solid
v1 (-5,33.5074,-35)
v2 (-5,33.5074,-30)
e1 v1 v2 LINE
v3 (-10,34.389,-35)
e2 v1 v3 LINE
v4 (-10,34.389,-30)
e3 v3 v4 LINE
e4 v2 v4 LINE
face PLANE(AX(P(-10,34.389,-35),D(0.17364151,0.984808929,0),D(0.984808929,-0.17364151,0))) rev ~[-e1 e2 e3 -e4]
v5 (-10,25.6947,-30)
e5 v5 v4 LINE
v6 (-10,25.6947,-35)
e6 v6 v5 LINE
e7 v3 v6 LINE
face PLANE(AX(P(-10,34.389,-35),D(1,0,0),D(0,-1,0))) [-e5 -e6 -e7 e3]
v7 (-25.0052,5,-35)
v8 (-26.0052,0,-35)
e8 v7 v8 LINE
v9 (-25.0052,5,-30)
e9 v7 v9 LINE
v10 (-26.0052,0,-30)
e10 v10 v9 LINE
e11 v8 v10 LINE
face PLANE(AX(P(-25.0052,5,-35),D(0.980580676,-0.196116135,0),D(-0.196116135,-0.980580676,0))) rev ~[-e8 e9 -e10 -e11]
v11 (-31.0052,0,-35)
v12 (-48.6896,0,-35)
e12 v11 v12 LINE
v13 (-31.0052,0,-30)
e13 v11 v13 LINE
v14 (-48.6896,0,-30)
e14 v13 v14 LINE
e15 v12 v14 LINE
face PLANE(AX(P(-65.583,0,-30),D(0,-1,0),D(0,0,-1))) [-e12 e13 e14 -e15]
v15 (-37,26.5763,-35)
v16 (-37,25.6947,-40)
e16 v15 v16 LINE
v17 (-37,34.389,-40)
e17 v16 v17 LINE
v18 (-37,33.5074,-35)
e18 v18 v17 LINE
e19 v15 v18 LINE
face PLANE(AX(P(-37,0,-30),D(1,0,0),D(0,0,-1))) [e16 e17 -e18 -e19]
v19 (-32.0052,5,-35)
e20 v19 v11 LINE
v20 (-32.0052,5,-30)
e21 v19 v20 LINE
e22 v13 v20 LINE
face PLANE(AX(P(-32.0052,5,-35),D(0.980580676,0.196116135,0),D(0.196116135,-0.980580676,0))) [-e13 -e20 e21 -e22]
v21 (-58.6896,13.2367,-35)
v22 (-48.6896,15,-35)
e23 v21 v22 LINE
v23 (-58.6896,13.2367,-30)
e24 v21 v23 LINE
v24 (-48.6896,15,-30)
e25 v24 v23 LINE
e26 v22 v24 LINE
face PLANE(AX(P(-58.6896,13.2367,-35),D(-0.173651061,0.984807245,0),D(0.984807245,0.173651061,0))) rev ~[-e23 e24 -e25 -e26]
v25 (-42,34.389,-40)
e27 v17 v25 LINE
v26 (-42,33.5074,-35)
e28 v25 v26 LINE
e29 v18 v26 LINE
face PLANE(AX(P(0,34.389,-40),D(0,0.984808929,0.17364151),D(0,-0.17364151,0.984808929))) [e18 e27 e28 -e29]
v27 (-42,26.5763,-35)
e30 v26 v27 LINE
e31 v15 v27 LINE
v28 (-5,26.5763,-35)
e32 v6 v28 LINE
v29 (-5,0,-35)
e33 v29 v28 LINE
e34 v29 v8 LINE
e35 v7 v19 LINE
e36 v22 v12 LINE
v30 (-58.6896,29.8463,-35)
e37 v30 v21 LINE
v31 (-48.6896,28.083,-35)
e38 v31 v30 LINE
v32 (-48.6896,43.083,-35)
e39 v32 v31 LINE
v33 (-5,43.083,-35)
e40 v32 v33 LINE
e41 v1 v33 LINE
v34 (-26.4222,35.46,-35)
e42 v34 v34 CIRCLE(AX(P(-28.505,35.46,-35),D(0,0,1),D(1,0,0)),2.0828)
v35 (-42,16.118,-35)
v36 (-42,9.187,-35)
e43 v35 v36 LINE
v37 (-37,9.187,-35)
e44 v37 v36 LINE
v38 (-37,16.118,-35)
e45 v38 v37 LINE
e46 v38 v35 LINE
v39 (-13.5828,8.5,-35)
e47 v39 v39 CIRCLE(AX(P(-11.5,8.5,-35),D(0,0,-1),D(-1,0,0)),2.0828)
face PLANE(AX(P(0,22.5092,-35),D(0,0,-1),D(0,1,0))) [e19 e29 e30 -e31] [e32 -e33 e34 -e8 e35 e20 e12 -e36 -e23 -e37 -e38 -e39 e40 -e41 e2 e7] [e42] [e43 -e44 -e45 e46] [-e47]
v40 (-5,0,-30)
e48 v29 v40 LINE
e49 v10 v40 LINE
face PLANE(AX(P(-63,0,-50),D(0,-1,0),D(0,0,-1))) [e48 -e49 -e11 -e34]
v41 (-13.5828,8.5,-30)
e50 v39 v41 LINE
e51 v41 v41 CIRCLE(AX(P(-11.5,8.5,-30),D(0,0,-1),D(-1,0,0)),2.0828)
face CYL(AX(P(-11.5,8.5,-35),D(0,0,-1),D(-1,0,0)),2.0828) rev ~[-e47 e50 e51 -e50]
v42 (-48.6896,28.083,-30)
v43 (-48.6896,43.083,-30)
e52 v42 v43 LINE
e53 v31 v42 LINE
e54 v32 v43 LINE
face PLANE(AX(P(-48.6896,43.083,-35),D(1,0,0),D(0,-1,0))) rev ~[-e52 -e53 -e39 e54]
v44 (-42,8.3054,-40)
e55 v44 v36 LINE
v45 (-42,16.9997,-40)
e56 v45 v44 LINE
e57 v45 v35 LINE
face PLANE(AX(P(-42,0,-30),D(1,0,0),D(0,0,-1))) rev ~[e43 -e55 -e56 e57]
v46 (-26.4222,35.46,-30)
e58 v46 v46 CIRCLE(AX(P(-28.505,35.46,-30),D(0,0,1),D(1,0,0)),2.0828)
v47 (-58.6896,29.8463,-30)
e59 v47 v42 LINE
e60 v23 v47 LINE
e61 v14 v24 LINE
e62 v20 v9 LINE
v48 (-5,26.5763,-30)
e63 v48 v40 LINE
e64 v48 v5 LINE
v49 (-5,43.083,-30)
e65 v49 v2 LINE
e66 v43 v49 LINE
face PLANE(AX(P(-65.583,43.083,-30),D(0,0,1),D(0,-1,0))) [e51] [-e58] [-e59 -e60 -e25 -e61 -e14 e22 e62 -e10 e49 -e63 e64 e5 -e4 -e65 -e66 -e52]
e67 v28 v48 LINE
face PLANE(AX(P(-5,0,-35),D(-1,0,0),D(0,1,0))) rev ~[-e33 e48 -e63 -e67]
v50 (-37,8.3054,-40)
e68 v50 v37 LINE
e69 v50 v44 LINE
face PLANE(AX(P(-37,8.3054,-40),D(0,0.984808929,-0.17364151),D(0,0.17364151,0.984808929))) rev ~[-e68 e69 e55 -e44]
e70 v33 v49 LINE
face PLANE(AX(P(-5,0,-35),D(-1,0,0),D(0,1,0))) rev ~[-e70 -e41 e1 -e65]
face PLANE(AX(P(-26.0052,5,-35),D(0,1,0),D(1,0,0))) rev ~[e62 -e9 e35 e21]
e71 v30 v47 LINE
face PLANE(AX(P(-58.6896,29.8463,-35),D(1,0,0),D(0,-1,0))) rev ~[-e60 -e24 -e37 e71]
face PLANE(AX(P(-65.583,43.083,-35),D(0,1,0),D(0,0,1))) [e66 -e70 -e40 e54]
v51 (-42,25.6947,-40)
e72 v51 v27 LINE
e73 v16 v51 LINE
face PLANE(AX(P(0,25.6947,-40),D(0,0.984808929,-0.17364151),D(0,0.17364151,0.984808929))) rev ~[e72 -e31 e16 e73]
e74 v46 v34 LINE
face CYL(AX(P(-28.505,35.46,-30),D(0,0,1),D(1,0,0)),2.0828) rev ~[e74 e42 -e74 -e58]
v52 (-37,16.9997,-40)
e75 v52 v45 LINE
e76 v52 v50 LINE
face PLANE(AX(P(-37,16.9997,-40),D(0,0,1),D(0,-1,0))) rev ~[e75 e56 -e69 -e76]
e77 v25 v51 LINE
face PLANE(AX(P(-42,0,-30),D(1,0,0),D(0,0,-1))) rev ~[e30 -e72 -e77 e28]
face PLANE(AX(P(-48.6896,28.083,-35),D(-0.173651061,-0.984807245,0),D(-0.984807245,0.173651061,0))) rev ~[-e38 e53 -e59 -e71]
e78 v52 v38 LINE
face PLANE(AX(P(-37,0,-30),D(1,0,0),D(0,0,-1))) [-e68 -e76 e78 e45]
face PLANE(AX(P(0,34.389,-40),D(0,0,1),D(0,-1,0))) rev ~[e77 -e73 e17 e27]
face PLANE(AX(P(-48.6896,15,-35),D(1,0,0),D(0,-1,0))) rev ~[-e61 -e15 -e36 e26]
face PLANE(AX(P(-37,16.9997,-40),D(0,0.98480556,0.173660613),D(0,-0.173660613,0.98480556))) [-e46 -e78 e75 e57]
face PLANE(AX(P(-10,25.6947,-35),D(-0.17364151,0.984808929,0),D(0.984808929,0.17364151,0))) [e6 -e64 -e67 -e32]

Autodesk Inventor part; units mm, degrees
ref_plane "YZ Plane" through (0, 0, 0) normal (1, 0, 0) x (0, 1, 0)
ref_plane "XZ Plane" through (0, 0, 0) normal (0, 1, 0) x (-1, 0, 0)
ref_plane "XY Plane" through (0, 0, 0) normal (0, 0, 1) x (1, 0, 0)
sketch "Sketch1" plane through (0, 0, 0) normal (0, 1, 0) x (-1, 0, 0)
  line L0 (0, 0) -> (0, -35)
  line L1 (0, -35) -> (37, -35)
  line L2 (37, -35) -> (37, -55)
  line L3 (37, -55) -> (48, -55)
  line L4 (48, -55) -> (48, 0)
  line L5 (48, 0) -> (22, 0)
  line L6 (22, 0) -> (22, 0)
  line L7 (22, 0) -> (0, 0)
  dimension "d0" = 35
  dimension "d1" = 37
  dimension "d2" = 20
  dimension "d3" = 11
  dimension "d4" = 55
  dimension "d5" = 26
  dimension "d6" = 0
extrude "Extrusion1" add sketch "Sketch1" along normal blind 50
shell "Shell1" thickness 5 removed faces 3 at (-48, 16.6667, -36.6667) at (-19.6667, 0, -23.3333) at (-19.6667, 50, -23.3333)
sketch "Sketch2" plane through (0, 0, 0) normal (1, 0, 0) x (0, 0, -1)
  line L0 (5, 0) -> (30, 0) projected
  line L1 (5, 0) -> (19, 0)
  line L2 (19, 0) -> (19, 17)
  line L3 (19, 17) -> (5, 17)
  line L4 (5, 17) -> (5, 0)
  point P0 (0, 0)
  dimension "d10" = 17
  dimension "d11" = 0
  dimension "d12" = 11
extrude "Extrusion2" cut sketch "Sketch2" against normal blind 10
sketch "Sketch3" plane through (-48, 0, -55) normal (-1, 0, 0) x (0, 0, 1)
  line L0 (0, 0) -> (0, 50) projected
  line L1 (5, 50) -> (25, 50) projected
  line L2 (0, 0) -> (5, 0)
  line L3 (5, 0) -> (5, 50)
  line L4 (5, 50) -> (0, 50)
  line L5 (0, 50) -> (0, 0)
  point P0 (55, 0)
extrude "Extrusion3" add sketch "Sketch3" along normal blind 15
sketch "Sketch4" plane through (-48, 0, 0) normal (-1, 0, 0) x (0, 0, 1)
  line L0 (-5, 0) -> (0, 0) projected
  line L1 (-5, 0) -> (-5, 50) projected
  line L2 (0, 0) -> (-5, 0)
  line L3 (-5, 0) -> (-5, 50)
  line L4 (-5, 50) -> (0, 50)
  line L5 (0, 50) -> (0, 0)
  point P0 (0, 0)
extrude "Extrusion4" add sketch "Sketch4" along normal blind 15
sketch "Sketch5" plane through (0, 17, -5) normal (0, 0, -1) x (-1, 0, 0)
  circle A0 centre (11.5, -8.5) radius 2.0828
  line L0 (63, -17) -> (0, -17) projected
  line L1 (0, -17) -> (0, 0) projected
  dimension "d19" = 4.1656
  dimension "d20" = 8.5
  dimension "d21" = 11.5
extrude "Extrusion5" cut sketch "Sketch5" against normal blind 15
sketch "Sketch6" plane through (0, 17, -5) normal (0, 0, -1) x (-1, 0, 0)
  circle A0 centre (28.505, 18.46) radius 2.0828
  line L0 (63, -17) -> (0, -17) projected
  line L1 (5, 0) -> (5, 33) projected
  dimension "d24" = 4.1656
  dimension "d25" = 35.46
  dimension "d26" = 23.505
extrude "Extrusion6" cut sketch "Sketch6" against normal blind 15
sketch "Sketch7" plane through (0, 17, -5) normal (0, 0, -1) x (-1, 0, 0)
  circle A0 centre (58.5, 19) radius 2.0828
  line L0 (63, 33) -> (63, -17) projected
  line L1 (5, 33) -> (63, 33) projected
  point P0 (0, -17)
  dimension "d29" = 4.1656
  dimension "d30" = 4.5
  dimension "d31" = 14
extrude "Extrusion7" cut sketch "Sketch7" against normal blind 15
sketch "Sketch13" plane through (0, 0, -35) normal (0, 0, -1) x (-1, 0, 0)
  circle A0 centre (11.5, 8.5) radius 2.0828
  line L0 (0, 0) -> (37, 0) projected
  line L1 (0, 0) -> (0, 50) projected
  dimension "d41" = 4.1656
  dimension "d42" = 8.5
  dimension "d43" = 11.5
extrude "Extrusion9" cut sketch "Sketch13" against normal blind 15
sketch "Sketch14" plane through (-37, 0, -55) normal (0, 0, -1) x (-1, 0, 0)
  circle A0 centre (-8.495, 35.46) radius 2.0828
  line L0 (-37, 0) -> (-37, 50) projected
  line L1 (0, 0) -> (26, 0) projected
  dimension "d46" = 4.1656
  dimension "d47" = 28.505
  dimension "d48" = 35.46
extrude "Extrusion10" cut sketch "Sketch14" against normal blind 15
sketch "Sketch15" plane through (-37, 0, -55) normal (0, 0, -1) x (-1, 0, 0)
  circle A0 centre (21.5, 36) radius 2.0828
  line L0 (0, 0) -> (26, 0) projected
  line L1 (26, 50) -> (26, 0) projected
  point P0 (-37, 0)
  dimension "d51" = 4.1656
  dimension "d52" = 36
  dimension "d53" = 4.5
extrude "Extrusion11" cut sketch "Sketch15" against normal blind 15
sketch "Sketch16" plane through (-42, 0, -30) normal (-1, 0, 0) x (0, 0, 1)
  line L0 (0, 0) -> (-5, 0)
  line L1 (-5, 0) -> (-5, 50)
  line L2 (-5, 50) -> (0, 50)
  line L3 (0, 50) -> (0, 0)
  point P0 (30, 0)
  dimension "d56" = 5
  dimension "d57" = 50
extrude "Extrusion12" add sketch "Sketch16" along normal blind 21
sketch "Sketch17" plane through (-5, 0, -30) normal (0, 0, 1) x (1, 0, 0)
  circle A0 centre (-23.505, 35.46) radius 2.0828
  line L0 (0, 0) -> (0, 50) projected
  line L1 (0, 0) -> (-58, 0) projected
  point P0 (5, 0)
  dimension "d60" = 4.1656
  dimension "d61" = 23.505
  dimension "d62" = 35.46
extrude "Extrusion13" cut sketch "Sketch17" against normal blind 10
sketch "Sketch18" plane through (-42, 0, -35) normal (0, 0, -1) x (-1, 0, 0)
  circle A0 centre (16.5, 36) radius 2.0828
  line L0 (21, 50) -> (21, 0) projected
  line L1 (0, 0) -> (21, 0) projected
  point P0 (-42, 0)
  dimension "d65" = 4.1656
  dimension "d67" = 36
  dimension "d70" = 4.5
extrude "Extrusion14" cut sketch "Sketch18" against normal blind 10
sketch "Sketch20" plane through (-63, 0, 0) normal (-1, 0, 0) x (0, 0, 1)
  line L0 (0, 0) -> (-5, 0) projected
  line L1 (-5, 17) -> (-5, 50) projected
  line L2 (0, 0) -> (-5, 0)
  line L3 (-5, 0) -> (-5, 50)
  line L4 (-5, 50) -> (0, 50)
  line L5 (0, 50) -> (0, 0)
extrude "Extrusion15" add sketch "Sketch20" along normal blind 2.583
sketch "Sketch21" plane through (-63, 0, -30) normal (-1, 0, 0) x (0, 0, 1)
  line L0 (-20, 50) -> (-5, 50) projected
  line L1 (11, 0) -> (0, 0) projected
  line L2 (-5, 50) -> (0, 50)
  line L3 (0, 50) -> (0, 0)
  line L4 (0, 0) -> (-5, 0)
  line L5 (-5, 0) -> (-5, 50)
  point P0 (30, 0)
extrude "Extrusion16" add sketch "Sketch21" along normal blind 2.583
sketch "Sketch22" plane through (-63, 0, -55) normal (-1, 0, 0) x (0, 0, 1)
  line L0 (0, 0) -> (0, 50) projected
  line L1 (5, 0) -> (5, 50) projected
  line L2 (0, 50) -> (5, 50)
  line L3 (5, 50) -> (5, 0)
  line L4 (5, 0) -> (0, 0)
  line L5 (0, 0) -> (0, 50)
  point P0 (55, 0)
extrude "Extrusion17" add sketch "Sketch22" along normal blind 2.583
sketch "Sketch23" plane through (0, 0, 0) normal (0, 0, 1) x (1, 0, 0)
  line L0 (0, 50) -> (-37, 50) projected
  line L1 (-65.583, 50) -> (-65.583, 0) projected
  line L2 (0, 50) -> (-65.583, 50)
  line L3 (-65.583, 50) -> (-65.583, 43.083)
  line L4 (-65.583, 43.083) -> (0, 43.083)
  line L5 (0, 43.083) -> (0, 50)
  point P0 (0, 0)
  dimension "d77" = 6.917
extrude "Extrusion18" cut sketch "Sketch23" against normal blind 100
sketch "Sketch24" plane through (0, 0, -35) normal (0, 0, -1) x (-1, 0, 0)
  line L0 (0, 0) -> (65.583, 0) projected
  line L1 (31.0052, 0) -> (26.0052, 0)
  line L2 (26.0052, 5) -> (31.0052, 5)
  circle A0 centre (28.505, 35.46) radius 2.0828 projected
  line L3 (26.0052, 5) -> (25.0052, 5)
  line L4 (25.0052, 5) -> (26.0052, 0)
  line L5 (31.0052, 5) -> (32.0052, 5)
  line L6 (32.0052, 5) -> (31.0052, 0)
  dimension "d80" = 5
  dimension "d81" = 5
  dimension "d83" = 1
  dimension "d84" = 1
extrude "Extrusion19" cut sketch "Sketch24" against normal blind 100 contours L4 L3 L2 L5 L6 L0
sketch "Sketch25" plane through (-65.583, 0, -55) normal (-1, 0, 0) x (0, 0, 1)
  line L0 (20, 0) -> (0, 0) projected
  line L1 (0, 43.083) -> (20, 43.083) projected
  line L2 (0, 0) -> (5, 0)
  line L3 (5, 0) -> (5, 43.083)
  line L4 (5, 43.083) -> (0, 43.083)
  line L5 (0, 43.083) -> (0, 0)
  point P0 (55, 0)
  dimension "d87" = 5
extrude "Extrusion20" add sketch "Sketch25" along normal blind 22.5
sketch "Sketch28" plane through (-65.583, 0, -30) normal (-1, 0, 0) x (0, 0, 1)
  line L0 (0, 0) -> (-5, 0) projected
  line L1 (-5, 0) -> (-5, 43.083) projected
  line L2 (0, 0) -> (-5, 0)
  line L3 (-5, 0) -> (-5, 43.083)
  line L4 (-5, 43.083) -> (0, 43.083)
  line L5 (0, 43.083) -> (0, 0)
  point P0 (30, 0)
extrude "Extrusion23" add sketch "Sketch28" along normal blind 22.5
sketch "Sketch26" plane through (-37, 0, -55) normal (0, 0, -1) x (-1, 0, 0)
  circle A0 centre (45.232, 36.922) radius 2.0828
  line L0 (51.083, 43.083) -> (51.083, 0) projected
  line L1 (51.083, 43.083) -> (0, 43.083) projected
  point P0 (-37, 0)
  dimension "d90" = 4.1656
  dimension "d91" = 5.851
  dimension "d92" = 6.161
extrude "Extrusion21" cut sketch "Sketch26" against normal blind 25
sketch "Sketch27" plane through (-37, 0, -55) normal (0, 0, -1) x (-1, 0, 0)
  circle A0 centre (48.381, 15.906) radius 2.0828
  line L0 (51.083, 43.083) -> (51.083, 0) projected
  line L1 (0, 0) -> (51.083, 0) projected
  point P0 (-37, 0)
  dimension "d95" = 4.1656
  dimension "d96" = 2.702
  dimension "d97" = 15.906
extrude "Extrusion22" cut sketch "Sketch27" against normal blind 25
sketch "Sketch29" plane through (-42, 0, -35) normal (0, 0, -1) x (-1, 0, 0)
  circle A0 centre (43.381, 15.906) radius 2.0828 projected
  arc A1 (46.083, 19.6075) -> (46.083, 12.2045) centre (43.381, 15.906) ccw
  line L0 (46.083, 43.083) -> (46.083, 0) projected
  line L1 (46.083, 19.6075) -> (46.083, 12.2045)
  point P0 (-42, 0)
  dimension "d102" = 2.5
extrude "Extrusion24" add sketch "Sketch29" along normal up to next
sketch "Sketch30" plane through (-88.083, 0, -55) normal (-1, 0, 0) x (0, 0, 1)
  line L0 (9, 19.6075) -> (21, 19.6075)
  line L1 (21, 19.6075) -> (21, 5)
  line L2 (21, 5) -> (9, 5)
  line L3 (9, 5) -> (9, 19.6075)
  line L4 (0, 43.083) -> (0, 0) projected
  line L5 (25, 0) -> (25, 43.083) projected
  line L6 (0, 0) -> (5, 0) projected
  line L7 (20, 19.6075) -> (5, 19.6075) projected
  point P0 (55, 0)
  dimension "d105" = 9
  dimension "d106" = 4
  dimension "d107" = 5
  dimension "d108" = 0
extrude "Extrusion25" add sketch "Sketch30" along normal blind 30
sketch "Sketch31" plane through (-88.083, 5, -34) normal (0, 0, 1) x (1, 0, 0)
  circle A0 centre (-23.917, 4) radius 2.0828
  line L0 (-30, 0) -> (-30, 14.6075) projected
  line L1 (0, 0) -> (-30, 0) projected
  point P0 (88.083, -5)
  dimension "d111" = 4.1656
  dimension "d112" = 6.083
  dimension "d113" = 4
extrude "Extrusion26" cut sketch "Sketch31" against normal blind 30
sketch "Sketch33" plane through (-88.083, 5, -34) normal (0, 0, 1) x (1, 0, 0)
  circle A0 centre (-23.917, 4) radius 2.0828 projected
  arc A1 (-25.0228, 9.9816) -> (-30, 4) centre (-23.917, 4) ccw
  line L0 (-30, 14.6075) -> (-30, 0) projected
  line L1 (-30, 0) -> (-30, 14.6075) projected
  line L2 (0, 14.6075) -> (-30, 14.6075) projected
  line L3 (-30, 4) -> (-30, 14.6075)
  line L4 (0, 14.6075) -> (-30, 14.6075) projected
  line L5 (-30, 14.6075) -> (0, 14.6075)
  line L6 (0, 14.6075) -> (-25.0228, 9.9816)
  point P0 (88.083, -5)
extrude "Extrusion27" cut sketch "Sketch33" against normal blind 30 contours A1 L0 L2 L6
sketch "Sketch34" plane through (-118.083, 5, -34) normal (0, 0, 1) x (1, 0, 0)
  circle A0 centre (6.083, 4) radius 2.0828 projected
  line L0 (0, 0) -> (0, 4) projected
  arc A1 (0, 4) -> (1.5001, 0) centre (6.083, 4) ccw
  line L1 (30, 0) -> (0, 0) projected
  line L2 (1.5001, 0) -> (0, 0)
  arc A2 (4.9772, 9.9816) -> (0, 4) centre (6.083, 4) ccw projected
  line L3 (0, 0) -> (0, 4)
  point P0 (118.083, -5)
extrude "Extrusion28" cut sketch "Sketch34" against normal blind 30 contours L0 A1 L1
sketch "Sketch35" plane through (-88.083, 5, -46) normal (0, -1, 0) x (1, 0, 0)
  line L0 (0, 12) -> (0, 11) projected
  line L1 (0, 0) -> (-28.4999, 0) projected
  line L2 (0, 11) -> (0, 0)
  line L3 (0, 0) -> (7.2848, 11)
  line L4 (7.2848, 11) -> (7.2848, -4) projected
  line L5 (0, 11) -> (7.2848, 11)
  line L6 (46.083, 11) -> (0, 11) projected
  point P0 (88.083, 46)
extrude "Extrusion29" add sketch "Sketch35" against normal up to next
sketch "Sketch36" plane through (0, 0, 0) normal (1, 0, 0) x (0, 0, -1)
  line L0 (30, 43.083) -> (35, 43.083) projected
  line L1 (0, 0) -> (5, 0) projected
  line L2 (30, 43.083) -> (0, 43.083)
  line L3 (0, 43.083) -> (0, 0)
  line L4 (0, 0) -> (30, 0)
  line L5 (30, 0) -> (30, 43.083)
extrude "Extrusion30" cut sketch "Sketch36" against normal through all
sketch "Sketch37" plane through (0, 43.083, -35) normal (0, 0, -1) x (-1, 0, 0)
  line L0 (10, -8.694) -> (10, -17.3883)
  line L1 (10, -17.3883) -> (5, -16.5067)
  line L2 (10, -8.694) -> (5, -9.5756)
  line L3 (10, -8.694) -> (15.0771, -8.694) construction
  line L4 (5, -9.5756) -> (5, -16.5067)
  line L5 (0, -43.083) -> (0, 0) projected
  line L6 (0, -43.083) -> (26.0052, -43.083) projected
  dimension "d124" = 8.6943
  dimension "d125" = 80
  dimension "d126" = 170
  dimension "d127" = 5
  dimension "d130" = 5
  dimension "d131" = 34.389
extrude "Extrusion31" cut sketch "Sketch37" against normal blind 10
sketch "Sketch38" plane through (-37, 0, -35) normal (1, 0, 0) x (0, 0, -1)
  line L0 (20, 43.083) -> (20, 0) projected
  line L1 (0, 0) -> (20, 0)
  line L2 (20, 0) -> (20, 43.083)
  line L3 (20, 43.083) -> (0, 43.083)
  line L4 (0, 43.083) -> (0, 0)
  point P0 (-35, 0)
extrude "Extrusion32" cut sketch "Sketch38" against normal through all
sketch "Sketch39" plane through (0, 0, -30) normal (1, 0, 0) x (0, 0, -1)
  line L0 (10, 34.389) -> (10, 25.6947)
  line L1 (10, 25.6947) -> (5, 26.5763)
  line L2 (10, 34.389) -> (5, 33.5074)
  line L3 (10, 34.389) -> (15.0771, 34.389) construction
  line L4 (5, 33.5074) -> (5, 26.5763)
  line L5 (5, 0) -> (5, 43.083) projected
  point P0 (5, 33.5074)
  dimension "d136" = 8.6943
  dimension "d137" = 80
  dimension "d138" = 170
  dimension "d139" = 5
  dimension "d140" = 0
  dimension "d141" = 8.694
extrude "Extrusion33" add sketch "Sketch39" against normal blind 42
sketch "Sketch40" plane through (0, 0, -30) normal (1, 0, 0) x (0, 0, -1)
  line L0 (5, 38.0828) -> (5, 33.9172) projected
  line L1 (5, 36.5278) -> (10.9453, 36.5278)
  line L2 (10.9453, 36.5278) -> (10.9453, 22.5092)
  line L3 (10.9453, 22.5092) -> (5, 22.5092)
  line L4 (5, 22.5092) -> (5, 36.5278)
  point P0 (-30, 0)
extrude "Extrusion34" cut sketch "Sketch40" against normal blind 37
sketch "Sketch41" plane through (0, 0, -35) normal (0, 0, -1) x (-1, 0, 0)
  line L0 (0, 0) -> (5, 0)
  line L1 (5, 0) -> (5, 45.0451)
  line L2 (5, 45.0451) -> (0, 45.0451)
  line L3 (0, 45.0451) -> (0, 0)
  dimension "d146" = 5
extrude "Extrusion35" cut sketch "Sketch41" against normal blind 27
sketch "Sketch43" plane through (-37, 0, -30) normal (1, 0, 0) x (0, 0, -1)
  line L0 (10, 16.9997) -> (10, 8.3054)
  line L1 (10, 8.3054) -> (5, 9.187)
  line L2 (10, 16.9997) -> (5, 16.118)
  line L3 (10, 16.9997) -> (15.0771, 16.9997) construction
  line L4 (5, 16.118) -> (5, 9.187)
  line L5 (10, 34.389) -> (10, 25.6947) projected
  point P0 (5, 0)
  dimension "d149" = 8.6943
  dimension "d150" = 80
  dimension "d151" = 170
  dimension "d152" = 5
  dimension "d153" = 0
  dimension "d154" = 9.187
extrude "Extrusion36" add sketch "Sketch43" against normal blind 5
sketch "Sketch44" plane through (-25.0052, 5, -35) normal (0, 0, -1) x (-1, 0, 0)
  line L0 (23.6844, 38.083) -> (23.6844, 23.083)
  line L1 (23.6844, 23.083) -> (33.6844, 24.8463)
  line L2 (33.6844, 24.8463) -> (33.6844, 8.2367)
  line L3 (33.6844, 8.2367) -> (23.6844, 10)
  line L4 (23.6844, 10) -> (23.6844, -5)
  line L5 (6, -5) -> (63.0778, -5) projected
  line L6 (63.0778, 38.083) -> (-20.0052, 38.083) projected
  line L7 (23.6844, 38.083) -> (96.1703, 54.1884)
  line L8 (96.1703, 54.1884) -> (94.0332, -32.3639)
  line L9 (94.0332, -32.3639) -> (23.6844, -5)
  point P0 (-25.0052, -5)
  dimension "d157" = 15
  dimension "d158" = 15
  dimension "d159" = 13.083
  dimension "d160" = 80
  dimension "d161" = 80
  dimension "d162" = 10
extrude "Extrusion37" cut sketch "Sketch44" against normal through all
properties part number "Frame VG01-04"
